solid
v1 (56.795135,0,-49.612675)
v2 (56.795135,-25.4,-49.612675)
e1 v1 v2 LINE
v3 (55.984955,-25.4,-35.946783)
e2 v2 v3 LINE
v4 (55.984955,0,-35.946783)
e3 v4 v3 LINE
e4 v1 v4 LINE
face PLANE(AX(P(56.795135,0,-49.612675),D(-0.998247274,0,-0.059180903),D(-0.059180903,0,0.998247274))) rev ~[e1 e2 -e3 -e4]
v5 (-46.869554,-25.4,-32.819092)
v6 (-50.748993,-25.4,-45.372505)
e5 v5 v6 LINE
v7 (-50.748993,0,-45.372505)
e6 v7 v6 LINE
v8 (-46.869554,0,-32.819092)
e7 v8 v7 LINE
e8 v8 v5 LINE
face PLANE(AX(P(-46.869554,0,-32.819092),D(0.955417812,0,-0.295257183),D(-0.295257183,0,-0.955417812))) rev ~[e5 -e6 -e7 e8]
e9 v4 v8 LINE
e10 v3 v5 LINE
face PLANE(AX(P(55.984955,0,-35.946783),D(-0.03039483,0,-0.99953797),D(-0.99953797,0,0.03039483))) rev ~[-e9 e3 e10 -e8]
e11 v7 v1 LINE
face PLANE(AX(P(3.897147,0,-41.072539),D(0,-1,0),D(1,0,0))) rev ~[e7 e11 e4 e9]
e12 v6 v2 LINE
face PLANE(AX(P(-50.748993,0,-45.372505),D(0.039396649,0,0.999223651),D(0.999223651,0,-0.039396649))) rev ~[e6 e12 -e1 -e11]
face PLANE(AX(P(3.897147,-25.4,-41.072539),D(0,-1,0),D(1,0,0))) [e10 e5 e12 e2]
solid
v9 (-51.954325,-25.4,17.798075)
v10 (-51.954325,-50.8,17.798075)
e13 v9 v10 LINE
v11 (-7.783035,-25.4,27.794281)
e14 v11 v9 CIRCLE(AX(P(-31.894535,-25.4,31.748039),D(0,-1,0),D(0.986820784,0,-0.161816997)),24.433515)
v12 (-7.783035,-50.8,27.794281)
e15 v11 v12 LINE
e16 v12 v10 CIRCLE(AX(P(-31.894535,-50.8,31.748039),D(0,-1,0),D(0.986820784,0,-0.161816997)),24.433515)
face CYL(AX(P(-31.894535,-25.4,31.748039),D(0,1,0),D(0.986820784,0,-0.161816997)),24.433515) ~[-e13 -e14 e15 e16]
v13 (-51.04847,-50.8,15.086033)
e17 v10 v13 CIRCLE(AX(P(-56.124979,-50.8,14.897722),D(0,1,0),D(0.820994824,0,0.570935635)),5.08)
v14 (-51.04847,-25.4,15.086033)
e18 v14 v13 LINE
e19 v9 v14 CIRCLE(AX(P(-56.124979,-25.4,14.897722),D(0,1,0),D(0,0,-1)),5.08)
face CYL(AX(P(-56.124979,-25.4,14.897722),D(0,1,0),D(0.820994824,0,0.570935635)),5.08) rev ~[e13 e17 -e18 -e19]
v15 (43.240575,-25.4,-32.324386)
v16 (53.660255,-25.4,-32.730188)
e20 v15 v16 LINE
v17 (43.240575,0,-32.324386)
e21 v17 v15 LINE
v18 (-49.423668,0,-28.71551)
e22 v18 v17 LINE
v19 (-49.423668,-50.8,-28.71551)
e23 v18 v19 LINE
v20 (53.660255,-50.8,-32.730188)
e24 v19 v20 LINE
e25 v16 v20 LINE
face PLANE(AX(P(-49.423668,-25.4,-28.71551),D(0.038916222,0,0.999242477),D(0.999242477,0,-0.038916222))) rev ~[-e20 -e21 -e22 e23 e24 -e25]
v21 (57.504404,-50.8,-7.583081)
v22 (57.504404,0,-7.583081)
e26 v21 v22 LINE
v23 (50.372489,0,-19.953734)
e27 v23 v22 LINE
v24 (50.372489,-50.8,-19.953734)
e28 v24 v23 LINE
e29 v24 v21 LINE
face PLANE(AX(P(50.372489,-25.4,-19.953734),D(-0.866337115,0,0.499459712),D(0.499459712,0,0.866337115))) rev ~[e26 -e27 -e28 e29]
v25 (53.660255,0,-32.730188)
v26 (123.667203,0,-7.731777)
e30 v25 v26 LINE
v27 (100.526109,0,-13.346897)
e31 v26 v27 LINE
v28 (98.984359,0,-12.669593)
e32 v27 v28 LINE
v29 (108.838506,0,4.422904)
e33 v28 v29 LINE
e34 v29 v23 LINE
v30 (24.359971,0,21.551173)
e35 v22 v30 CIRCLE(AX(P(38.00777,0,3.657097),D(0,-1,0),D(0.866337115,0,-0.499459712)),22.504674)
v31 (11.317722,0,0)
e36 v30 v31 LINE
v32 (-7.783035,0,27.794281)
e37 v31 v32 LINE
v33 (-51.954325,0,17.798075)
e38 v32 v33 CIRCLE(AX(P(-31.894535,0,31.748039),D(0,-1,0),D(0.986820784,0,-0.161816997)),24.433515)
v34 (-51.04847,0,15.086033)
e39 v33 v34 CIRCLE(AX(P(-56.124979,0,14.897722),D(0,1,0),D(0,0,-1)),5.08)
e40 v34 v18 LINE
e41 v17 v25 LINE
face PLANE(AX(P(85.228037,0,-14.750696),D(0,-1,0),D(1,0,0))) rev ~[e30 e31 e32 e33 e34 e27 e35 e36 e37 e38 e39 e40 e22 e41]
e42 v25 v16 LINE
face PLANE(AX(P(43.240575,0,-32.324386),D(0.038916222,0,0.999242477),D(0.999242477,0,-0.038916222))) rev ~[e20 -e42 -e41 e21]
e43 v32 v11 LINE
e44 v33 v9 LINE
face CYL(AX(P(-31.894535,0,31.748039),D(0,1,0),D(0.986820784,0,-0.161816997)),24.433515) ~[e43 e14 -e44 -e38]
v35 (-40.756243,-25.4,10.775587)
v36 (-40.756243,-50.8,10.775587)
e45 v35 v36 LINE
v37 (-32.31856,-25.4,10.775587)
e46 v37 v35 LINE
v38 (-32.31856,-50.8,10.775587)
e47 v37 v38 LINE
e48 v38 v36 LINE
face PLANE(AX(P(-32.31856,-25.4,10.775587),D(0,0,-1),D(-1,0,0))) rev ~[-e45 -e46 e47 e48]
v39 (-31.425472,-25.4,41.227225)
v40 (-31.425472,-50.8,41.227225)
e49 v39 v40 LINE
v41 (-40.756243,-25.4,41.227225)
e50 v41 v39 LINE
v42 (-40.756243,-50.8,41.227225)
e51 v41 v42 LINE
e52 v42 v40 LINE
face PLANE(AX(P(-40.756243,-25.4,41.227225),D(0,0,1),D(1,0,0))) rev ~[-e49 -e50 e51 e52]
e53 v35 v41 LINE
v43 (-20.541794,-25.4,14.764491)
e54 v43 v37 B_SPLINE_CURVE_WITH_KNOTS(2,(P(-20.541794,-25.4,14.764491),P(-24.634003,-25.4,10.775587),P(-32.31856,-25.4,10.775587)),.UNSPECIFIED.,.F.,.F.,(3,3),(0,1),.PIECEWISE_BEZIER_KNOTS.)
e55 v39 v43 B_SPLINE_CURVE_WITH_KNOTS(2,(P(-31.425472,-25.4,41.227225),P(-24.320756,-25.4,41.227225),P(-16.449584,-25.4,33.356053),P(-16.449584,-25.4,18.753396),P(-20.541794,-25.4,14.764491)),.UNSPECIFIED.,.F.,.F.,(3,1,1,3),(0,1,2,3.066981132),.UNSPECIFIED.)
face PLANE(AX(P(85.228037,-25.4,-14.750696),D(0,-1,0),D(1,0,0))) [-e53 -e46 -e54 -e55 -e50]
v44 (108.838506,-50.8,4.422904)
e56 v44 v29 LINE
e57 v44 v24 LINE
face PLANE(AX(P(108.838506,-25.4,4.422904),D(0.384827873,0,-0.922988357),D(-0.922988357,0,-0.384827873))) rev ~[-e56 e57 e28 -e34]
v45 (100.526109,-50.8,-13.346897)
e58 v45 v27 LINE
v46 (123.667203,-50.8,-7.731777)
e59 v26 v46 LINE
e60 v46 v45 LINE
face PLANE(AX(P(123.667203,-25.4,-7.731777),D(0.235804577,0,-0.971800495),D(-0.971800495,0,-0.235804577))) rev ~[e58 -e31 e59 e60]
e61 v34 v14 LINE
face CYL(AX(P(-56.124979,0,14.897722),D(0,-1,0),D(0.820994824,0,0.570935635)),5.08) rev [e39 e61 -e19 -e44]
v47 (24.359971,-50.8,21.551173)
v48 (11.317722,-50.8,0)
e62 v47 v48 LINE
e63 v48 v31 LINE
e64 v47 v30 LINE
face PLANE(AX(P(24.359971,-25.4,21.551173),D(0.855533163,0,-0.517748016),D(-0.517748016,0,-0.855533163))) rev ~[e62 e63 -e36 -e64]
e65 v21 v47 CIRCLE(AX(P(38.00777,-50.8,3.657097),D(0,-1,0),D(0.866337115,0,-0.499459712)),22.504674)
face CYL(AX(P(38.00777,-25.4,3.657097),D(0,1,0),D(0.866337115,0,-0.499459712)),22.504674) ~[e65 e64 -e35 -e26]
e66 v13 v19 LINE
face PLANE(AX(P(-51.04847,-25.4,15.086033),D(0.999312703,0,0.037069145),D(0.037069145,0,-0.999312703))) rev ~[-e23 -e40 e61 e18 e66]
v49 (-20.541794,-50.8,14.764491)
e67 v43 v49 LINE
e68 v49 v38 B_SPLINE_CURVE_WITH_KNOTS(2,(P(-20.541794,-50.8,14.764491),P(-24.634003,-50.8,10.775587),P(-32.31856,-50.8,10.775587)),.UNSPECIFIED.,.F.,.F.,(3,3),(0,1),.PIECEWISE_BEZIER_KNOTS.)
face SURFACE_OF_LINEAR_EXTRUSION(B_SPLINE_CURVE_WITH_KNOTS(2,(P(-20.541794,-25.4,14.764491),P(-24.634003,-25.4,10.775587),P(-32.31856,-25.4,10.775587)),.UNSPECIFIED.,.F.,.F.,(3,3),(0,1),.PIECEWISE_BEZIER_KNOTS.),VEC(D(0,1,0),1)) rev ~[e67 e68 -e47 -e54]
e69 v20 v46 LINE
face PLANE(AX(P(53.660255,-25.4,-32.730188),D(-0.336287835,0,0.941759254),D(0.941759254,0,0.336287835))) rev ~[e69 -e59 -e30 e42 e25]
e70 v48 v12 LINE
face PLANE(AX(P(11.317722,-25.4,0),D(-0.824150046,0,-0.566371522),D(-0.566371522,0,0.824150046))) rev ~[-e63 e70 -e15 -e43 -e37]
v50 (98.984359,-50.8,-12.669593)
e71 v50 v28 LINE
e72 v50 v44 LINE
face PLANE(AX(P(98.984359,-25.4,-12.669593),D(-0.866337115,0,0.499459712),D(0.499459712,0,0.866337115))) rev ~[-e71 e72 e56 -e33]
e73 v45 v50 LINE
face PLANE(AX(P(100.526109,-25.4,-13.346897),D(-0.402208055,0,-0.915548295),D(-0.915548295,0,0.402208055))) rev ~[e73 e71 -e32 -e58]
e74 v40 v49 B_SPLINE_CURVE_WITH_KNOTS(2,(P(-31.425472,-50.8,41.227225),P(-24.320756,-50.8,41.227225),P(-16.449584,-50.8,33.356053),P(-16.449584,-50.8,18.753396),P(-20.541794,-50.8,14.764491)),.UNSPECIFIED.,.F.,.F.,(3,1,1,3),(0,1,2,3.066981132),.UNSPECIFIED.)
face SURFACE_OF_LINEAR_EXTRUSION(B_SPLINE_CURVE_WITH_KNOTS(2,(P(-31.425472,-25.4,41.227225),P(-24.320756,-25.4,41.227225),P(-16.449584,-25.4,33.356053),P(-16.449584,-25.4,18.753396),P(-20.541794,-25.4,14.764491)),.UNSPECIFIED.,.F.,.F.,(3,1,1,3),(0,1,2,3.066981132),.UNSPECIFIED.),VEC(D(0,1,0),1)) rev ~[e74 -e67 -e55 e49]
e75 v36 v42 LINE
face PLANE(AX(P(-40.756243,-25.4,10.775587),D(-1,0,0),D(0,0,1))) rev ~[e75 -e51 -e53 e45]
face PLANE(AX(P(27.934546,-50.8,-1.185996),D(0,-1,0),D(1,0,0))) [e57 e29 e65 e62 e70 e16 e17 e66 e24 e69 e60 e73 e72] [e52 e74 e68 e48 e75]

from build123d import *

# Parameters (mm, degrees)
F1_DEPTH = 25.4
F3_DEPTH = 25.4
F4_R     = 5.08
F6_DEPTH = 25.4


with BuildPart() as f1:
    # F0 (on Front) → F1 (new body)
    with BuildSketch(Plane.XZ):
        Polygon((50.3724894897, -19.9537337418), (43.2405746432, -32.324386227), (53.6602549255, -32.7301882207), (123.6672028899, -7.7317771502), (100.5261093378, -13.3468965068), (98.9843588805, -12.6695925823), (108.838506043, 4.4229039922), align=None)
        with BuildLine():
            Line((11.317721568, 0), (-7.7830348164, 27.7942810208))
            ThreePointArc((-7.7830348164, 27.7942810208), (-37.9805600242, 55.411449094), (-51.1065535247, 16.6518464684))
            Line((-51.1065535247, 16.6518464684), (-49.4236677809, -28.7155102049))
            Line((-49.4236677809, -28.7155102049), (43.2405746432, -32.324386227))
            Line((43.2405746432, -32.324386227), (50.3724894897, -19.9537337418))
            Line((50.3724894897, -19.9537337418), (57.5044043362, -7.5830812566))
            ThreePointArc((57.5044043362, -7.5830812566), (52.8655426417, 20.5599650278), (24.3599712849, 21.5511731803))
            Line((24.3599712849, 21.5511731803), (11.317721568, 0))
        make_face()
    extrude(amount=F1_DEPTH)

    # F4
    f4_edges = [f1.edges().sort_by_distance(p)[0] for p in [
        (-51.106554, -12.7, 16.651846),
    ]]
    fillet(f4_edges, radius=F4_R)

    # F5 (on face) → F6 (join)
    with BuildSketch(Plane.XZ.offset(25.4)):
        with BuildLine():
            Line((11.317721568, 0), (-7.7830348164, 27.7942810208))
            ThreePointArc((-7.7830348164, 27.7942810208), (-37.2875983405, 55.5789337589), (-51.9543250562, 17.7980745313))
            ThreePointArc((-51.9543250562, 17.7980745313), (-51.306649694, 16.5071018213), (-51.0484702296, 15.08603276))
            Line((-51.0484702296, 15.08603276), (-49.4236677809, -28.7155102049))
            Line((-49.4236677809, -28.7155102049), (53.6602549255, -32.7301882207))
            Line((53.6602549255, -32.7301882207), (123.6672028899, -7.7317771502))
            Line((123.6672028899, -7.7317771502), (100.5261093378, -13.3468965068))
            Line((100.5261093378, -13.3468965068), (98.9843588805, -12.6695925823))
            Line((98.9843588805, -12.6695925823), (108.838506043, 4.4229039922))
            Line((108.838506043, 4.4229039922), (50.3724894897, -19.9537337418))
            Line((50.3724894897, -19.9537337418), (57.5044043362, -7.5830812566))
            ThreePointArc((57.5044043362, -7.5830812566), (52.8655426417, 20.5599650278), (24.3599712849, 21.5511731803))
            Line((24.3599712849, 21.5511731803), (11.317721568, 0))
        make_face()
        with BuildLine():
            add(Edge.make_bspline(
                [(-20.3851701657, 37.291638983), (-16.4495841564, 33.3560529737), (-16.4495841564, 26.2913261831)],
                knots=[0, 0, 0, 1, 1, 1], degree=2))
            add(Edge.make_bspline(
                [(-16.4495841564, 26.2913261831), (-16.4495841564, 18.7533959943), (-20.5417938256, 14.7644912922)],
                knots=[0, 0, 0, 1, 1, 1], degree=2))
            add(Edge.make_bspline(
                [(-20.5417938256, 14.7644912922), (-24.6340034949, 10.7755865902), (-32.3185600888, 10.7755865902)],
                knots=[0, 0, 0, 1, 1, 1], degree=2))
            Line((-32.3185600888, 10.7755865902), (-40.756243218, 10.7755865902))
            Line((-40.756243218, 10.7755865902), (-40.756243218, 41.2272249923))
            Line((-40.756243218, 41.2272249923), (-31.4254719851, 41.2272249923))
            add(Edge.make_bspline(
                [(-31.4254719851, 41.2272249923), (-24.320756175, 41.2272249923), (-20.3851701657, 37.291638983)],
                knots=[0, 0, 0, 1, 1, 1], degree=2))
        make_face(mode=Mode.SUBTRACT)
    extrude(amount=F6_DEPTH)


with BuildPart() as f3:
    # F2 (on Front) → F3 (new body)
    with BuildSketch(Plane.XZ):
        Polygon((55.984955281, -35.9467826784), (-46.8695536256, -32.8190922737), (-50.7489927113, -45.372504741), (56.7951351404, -49.6126748621), align=None)
    extrude(amount=F3_DEPTH)


solid = Compound([f1.part, f3.part])
